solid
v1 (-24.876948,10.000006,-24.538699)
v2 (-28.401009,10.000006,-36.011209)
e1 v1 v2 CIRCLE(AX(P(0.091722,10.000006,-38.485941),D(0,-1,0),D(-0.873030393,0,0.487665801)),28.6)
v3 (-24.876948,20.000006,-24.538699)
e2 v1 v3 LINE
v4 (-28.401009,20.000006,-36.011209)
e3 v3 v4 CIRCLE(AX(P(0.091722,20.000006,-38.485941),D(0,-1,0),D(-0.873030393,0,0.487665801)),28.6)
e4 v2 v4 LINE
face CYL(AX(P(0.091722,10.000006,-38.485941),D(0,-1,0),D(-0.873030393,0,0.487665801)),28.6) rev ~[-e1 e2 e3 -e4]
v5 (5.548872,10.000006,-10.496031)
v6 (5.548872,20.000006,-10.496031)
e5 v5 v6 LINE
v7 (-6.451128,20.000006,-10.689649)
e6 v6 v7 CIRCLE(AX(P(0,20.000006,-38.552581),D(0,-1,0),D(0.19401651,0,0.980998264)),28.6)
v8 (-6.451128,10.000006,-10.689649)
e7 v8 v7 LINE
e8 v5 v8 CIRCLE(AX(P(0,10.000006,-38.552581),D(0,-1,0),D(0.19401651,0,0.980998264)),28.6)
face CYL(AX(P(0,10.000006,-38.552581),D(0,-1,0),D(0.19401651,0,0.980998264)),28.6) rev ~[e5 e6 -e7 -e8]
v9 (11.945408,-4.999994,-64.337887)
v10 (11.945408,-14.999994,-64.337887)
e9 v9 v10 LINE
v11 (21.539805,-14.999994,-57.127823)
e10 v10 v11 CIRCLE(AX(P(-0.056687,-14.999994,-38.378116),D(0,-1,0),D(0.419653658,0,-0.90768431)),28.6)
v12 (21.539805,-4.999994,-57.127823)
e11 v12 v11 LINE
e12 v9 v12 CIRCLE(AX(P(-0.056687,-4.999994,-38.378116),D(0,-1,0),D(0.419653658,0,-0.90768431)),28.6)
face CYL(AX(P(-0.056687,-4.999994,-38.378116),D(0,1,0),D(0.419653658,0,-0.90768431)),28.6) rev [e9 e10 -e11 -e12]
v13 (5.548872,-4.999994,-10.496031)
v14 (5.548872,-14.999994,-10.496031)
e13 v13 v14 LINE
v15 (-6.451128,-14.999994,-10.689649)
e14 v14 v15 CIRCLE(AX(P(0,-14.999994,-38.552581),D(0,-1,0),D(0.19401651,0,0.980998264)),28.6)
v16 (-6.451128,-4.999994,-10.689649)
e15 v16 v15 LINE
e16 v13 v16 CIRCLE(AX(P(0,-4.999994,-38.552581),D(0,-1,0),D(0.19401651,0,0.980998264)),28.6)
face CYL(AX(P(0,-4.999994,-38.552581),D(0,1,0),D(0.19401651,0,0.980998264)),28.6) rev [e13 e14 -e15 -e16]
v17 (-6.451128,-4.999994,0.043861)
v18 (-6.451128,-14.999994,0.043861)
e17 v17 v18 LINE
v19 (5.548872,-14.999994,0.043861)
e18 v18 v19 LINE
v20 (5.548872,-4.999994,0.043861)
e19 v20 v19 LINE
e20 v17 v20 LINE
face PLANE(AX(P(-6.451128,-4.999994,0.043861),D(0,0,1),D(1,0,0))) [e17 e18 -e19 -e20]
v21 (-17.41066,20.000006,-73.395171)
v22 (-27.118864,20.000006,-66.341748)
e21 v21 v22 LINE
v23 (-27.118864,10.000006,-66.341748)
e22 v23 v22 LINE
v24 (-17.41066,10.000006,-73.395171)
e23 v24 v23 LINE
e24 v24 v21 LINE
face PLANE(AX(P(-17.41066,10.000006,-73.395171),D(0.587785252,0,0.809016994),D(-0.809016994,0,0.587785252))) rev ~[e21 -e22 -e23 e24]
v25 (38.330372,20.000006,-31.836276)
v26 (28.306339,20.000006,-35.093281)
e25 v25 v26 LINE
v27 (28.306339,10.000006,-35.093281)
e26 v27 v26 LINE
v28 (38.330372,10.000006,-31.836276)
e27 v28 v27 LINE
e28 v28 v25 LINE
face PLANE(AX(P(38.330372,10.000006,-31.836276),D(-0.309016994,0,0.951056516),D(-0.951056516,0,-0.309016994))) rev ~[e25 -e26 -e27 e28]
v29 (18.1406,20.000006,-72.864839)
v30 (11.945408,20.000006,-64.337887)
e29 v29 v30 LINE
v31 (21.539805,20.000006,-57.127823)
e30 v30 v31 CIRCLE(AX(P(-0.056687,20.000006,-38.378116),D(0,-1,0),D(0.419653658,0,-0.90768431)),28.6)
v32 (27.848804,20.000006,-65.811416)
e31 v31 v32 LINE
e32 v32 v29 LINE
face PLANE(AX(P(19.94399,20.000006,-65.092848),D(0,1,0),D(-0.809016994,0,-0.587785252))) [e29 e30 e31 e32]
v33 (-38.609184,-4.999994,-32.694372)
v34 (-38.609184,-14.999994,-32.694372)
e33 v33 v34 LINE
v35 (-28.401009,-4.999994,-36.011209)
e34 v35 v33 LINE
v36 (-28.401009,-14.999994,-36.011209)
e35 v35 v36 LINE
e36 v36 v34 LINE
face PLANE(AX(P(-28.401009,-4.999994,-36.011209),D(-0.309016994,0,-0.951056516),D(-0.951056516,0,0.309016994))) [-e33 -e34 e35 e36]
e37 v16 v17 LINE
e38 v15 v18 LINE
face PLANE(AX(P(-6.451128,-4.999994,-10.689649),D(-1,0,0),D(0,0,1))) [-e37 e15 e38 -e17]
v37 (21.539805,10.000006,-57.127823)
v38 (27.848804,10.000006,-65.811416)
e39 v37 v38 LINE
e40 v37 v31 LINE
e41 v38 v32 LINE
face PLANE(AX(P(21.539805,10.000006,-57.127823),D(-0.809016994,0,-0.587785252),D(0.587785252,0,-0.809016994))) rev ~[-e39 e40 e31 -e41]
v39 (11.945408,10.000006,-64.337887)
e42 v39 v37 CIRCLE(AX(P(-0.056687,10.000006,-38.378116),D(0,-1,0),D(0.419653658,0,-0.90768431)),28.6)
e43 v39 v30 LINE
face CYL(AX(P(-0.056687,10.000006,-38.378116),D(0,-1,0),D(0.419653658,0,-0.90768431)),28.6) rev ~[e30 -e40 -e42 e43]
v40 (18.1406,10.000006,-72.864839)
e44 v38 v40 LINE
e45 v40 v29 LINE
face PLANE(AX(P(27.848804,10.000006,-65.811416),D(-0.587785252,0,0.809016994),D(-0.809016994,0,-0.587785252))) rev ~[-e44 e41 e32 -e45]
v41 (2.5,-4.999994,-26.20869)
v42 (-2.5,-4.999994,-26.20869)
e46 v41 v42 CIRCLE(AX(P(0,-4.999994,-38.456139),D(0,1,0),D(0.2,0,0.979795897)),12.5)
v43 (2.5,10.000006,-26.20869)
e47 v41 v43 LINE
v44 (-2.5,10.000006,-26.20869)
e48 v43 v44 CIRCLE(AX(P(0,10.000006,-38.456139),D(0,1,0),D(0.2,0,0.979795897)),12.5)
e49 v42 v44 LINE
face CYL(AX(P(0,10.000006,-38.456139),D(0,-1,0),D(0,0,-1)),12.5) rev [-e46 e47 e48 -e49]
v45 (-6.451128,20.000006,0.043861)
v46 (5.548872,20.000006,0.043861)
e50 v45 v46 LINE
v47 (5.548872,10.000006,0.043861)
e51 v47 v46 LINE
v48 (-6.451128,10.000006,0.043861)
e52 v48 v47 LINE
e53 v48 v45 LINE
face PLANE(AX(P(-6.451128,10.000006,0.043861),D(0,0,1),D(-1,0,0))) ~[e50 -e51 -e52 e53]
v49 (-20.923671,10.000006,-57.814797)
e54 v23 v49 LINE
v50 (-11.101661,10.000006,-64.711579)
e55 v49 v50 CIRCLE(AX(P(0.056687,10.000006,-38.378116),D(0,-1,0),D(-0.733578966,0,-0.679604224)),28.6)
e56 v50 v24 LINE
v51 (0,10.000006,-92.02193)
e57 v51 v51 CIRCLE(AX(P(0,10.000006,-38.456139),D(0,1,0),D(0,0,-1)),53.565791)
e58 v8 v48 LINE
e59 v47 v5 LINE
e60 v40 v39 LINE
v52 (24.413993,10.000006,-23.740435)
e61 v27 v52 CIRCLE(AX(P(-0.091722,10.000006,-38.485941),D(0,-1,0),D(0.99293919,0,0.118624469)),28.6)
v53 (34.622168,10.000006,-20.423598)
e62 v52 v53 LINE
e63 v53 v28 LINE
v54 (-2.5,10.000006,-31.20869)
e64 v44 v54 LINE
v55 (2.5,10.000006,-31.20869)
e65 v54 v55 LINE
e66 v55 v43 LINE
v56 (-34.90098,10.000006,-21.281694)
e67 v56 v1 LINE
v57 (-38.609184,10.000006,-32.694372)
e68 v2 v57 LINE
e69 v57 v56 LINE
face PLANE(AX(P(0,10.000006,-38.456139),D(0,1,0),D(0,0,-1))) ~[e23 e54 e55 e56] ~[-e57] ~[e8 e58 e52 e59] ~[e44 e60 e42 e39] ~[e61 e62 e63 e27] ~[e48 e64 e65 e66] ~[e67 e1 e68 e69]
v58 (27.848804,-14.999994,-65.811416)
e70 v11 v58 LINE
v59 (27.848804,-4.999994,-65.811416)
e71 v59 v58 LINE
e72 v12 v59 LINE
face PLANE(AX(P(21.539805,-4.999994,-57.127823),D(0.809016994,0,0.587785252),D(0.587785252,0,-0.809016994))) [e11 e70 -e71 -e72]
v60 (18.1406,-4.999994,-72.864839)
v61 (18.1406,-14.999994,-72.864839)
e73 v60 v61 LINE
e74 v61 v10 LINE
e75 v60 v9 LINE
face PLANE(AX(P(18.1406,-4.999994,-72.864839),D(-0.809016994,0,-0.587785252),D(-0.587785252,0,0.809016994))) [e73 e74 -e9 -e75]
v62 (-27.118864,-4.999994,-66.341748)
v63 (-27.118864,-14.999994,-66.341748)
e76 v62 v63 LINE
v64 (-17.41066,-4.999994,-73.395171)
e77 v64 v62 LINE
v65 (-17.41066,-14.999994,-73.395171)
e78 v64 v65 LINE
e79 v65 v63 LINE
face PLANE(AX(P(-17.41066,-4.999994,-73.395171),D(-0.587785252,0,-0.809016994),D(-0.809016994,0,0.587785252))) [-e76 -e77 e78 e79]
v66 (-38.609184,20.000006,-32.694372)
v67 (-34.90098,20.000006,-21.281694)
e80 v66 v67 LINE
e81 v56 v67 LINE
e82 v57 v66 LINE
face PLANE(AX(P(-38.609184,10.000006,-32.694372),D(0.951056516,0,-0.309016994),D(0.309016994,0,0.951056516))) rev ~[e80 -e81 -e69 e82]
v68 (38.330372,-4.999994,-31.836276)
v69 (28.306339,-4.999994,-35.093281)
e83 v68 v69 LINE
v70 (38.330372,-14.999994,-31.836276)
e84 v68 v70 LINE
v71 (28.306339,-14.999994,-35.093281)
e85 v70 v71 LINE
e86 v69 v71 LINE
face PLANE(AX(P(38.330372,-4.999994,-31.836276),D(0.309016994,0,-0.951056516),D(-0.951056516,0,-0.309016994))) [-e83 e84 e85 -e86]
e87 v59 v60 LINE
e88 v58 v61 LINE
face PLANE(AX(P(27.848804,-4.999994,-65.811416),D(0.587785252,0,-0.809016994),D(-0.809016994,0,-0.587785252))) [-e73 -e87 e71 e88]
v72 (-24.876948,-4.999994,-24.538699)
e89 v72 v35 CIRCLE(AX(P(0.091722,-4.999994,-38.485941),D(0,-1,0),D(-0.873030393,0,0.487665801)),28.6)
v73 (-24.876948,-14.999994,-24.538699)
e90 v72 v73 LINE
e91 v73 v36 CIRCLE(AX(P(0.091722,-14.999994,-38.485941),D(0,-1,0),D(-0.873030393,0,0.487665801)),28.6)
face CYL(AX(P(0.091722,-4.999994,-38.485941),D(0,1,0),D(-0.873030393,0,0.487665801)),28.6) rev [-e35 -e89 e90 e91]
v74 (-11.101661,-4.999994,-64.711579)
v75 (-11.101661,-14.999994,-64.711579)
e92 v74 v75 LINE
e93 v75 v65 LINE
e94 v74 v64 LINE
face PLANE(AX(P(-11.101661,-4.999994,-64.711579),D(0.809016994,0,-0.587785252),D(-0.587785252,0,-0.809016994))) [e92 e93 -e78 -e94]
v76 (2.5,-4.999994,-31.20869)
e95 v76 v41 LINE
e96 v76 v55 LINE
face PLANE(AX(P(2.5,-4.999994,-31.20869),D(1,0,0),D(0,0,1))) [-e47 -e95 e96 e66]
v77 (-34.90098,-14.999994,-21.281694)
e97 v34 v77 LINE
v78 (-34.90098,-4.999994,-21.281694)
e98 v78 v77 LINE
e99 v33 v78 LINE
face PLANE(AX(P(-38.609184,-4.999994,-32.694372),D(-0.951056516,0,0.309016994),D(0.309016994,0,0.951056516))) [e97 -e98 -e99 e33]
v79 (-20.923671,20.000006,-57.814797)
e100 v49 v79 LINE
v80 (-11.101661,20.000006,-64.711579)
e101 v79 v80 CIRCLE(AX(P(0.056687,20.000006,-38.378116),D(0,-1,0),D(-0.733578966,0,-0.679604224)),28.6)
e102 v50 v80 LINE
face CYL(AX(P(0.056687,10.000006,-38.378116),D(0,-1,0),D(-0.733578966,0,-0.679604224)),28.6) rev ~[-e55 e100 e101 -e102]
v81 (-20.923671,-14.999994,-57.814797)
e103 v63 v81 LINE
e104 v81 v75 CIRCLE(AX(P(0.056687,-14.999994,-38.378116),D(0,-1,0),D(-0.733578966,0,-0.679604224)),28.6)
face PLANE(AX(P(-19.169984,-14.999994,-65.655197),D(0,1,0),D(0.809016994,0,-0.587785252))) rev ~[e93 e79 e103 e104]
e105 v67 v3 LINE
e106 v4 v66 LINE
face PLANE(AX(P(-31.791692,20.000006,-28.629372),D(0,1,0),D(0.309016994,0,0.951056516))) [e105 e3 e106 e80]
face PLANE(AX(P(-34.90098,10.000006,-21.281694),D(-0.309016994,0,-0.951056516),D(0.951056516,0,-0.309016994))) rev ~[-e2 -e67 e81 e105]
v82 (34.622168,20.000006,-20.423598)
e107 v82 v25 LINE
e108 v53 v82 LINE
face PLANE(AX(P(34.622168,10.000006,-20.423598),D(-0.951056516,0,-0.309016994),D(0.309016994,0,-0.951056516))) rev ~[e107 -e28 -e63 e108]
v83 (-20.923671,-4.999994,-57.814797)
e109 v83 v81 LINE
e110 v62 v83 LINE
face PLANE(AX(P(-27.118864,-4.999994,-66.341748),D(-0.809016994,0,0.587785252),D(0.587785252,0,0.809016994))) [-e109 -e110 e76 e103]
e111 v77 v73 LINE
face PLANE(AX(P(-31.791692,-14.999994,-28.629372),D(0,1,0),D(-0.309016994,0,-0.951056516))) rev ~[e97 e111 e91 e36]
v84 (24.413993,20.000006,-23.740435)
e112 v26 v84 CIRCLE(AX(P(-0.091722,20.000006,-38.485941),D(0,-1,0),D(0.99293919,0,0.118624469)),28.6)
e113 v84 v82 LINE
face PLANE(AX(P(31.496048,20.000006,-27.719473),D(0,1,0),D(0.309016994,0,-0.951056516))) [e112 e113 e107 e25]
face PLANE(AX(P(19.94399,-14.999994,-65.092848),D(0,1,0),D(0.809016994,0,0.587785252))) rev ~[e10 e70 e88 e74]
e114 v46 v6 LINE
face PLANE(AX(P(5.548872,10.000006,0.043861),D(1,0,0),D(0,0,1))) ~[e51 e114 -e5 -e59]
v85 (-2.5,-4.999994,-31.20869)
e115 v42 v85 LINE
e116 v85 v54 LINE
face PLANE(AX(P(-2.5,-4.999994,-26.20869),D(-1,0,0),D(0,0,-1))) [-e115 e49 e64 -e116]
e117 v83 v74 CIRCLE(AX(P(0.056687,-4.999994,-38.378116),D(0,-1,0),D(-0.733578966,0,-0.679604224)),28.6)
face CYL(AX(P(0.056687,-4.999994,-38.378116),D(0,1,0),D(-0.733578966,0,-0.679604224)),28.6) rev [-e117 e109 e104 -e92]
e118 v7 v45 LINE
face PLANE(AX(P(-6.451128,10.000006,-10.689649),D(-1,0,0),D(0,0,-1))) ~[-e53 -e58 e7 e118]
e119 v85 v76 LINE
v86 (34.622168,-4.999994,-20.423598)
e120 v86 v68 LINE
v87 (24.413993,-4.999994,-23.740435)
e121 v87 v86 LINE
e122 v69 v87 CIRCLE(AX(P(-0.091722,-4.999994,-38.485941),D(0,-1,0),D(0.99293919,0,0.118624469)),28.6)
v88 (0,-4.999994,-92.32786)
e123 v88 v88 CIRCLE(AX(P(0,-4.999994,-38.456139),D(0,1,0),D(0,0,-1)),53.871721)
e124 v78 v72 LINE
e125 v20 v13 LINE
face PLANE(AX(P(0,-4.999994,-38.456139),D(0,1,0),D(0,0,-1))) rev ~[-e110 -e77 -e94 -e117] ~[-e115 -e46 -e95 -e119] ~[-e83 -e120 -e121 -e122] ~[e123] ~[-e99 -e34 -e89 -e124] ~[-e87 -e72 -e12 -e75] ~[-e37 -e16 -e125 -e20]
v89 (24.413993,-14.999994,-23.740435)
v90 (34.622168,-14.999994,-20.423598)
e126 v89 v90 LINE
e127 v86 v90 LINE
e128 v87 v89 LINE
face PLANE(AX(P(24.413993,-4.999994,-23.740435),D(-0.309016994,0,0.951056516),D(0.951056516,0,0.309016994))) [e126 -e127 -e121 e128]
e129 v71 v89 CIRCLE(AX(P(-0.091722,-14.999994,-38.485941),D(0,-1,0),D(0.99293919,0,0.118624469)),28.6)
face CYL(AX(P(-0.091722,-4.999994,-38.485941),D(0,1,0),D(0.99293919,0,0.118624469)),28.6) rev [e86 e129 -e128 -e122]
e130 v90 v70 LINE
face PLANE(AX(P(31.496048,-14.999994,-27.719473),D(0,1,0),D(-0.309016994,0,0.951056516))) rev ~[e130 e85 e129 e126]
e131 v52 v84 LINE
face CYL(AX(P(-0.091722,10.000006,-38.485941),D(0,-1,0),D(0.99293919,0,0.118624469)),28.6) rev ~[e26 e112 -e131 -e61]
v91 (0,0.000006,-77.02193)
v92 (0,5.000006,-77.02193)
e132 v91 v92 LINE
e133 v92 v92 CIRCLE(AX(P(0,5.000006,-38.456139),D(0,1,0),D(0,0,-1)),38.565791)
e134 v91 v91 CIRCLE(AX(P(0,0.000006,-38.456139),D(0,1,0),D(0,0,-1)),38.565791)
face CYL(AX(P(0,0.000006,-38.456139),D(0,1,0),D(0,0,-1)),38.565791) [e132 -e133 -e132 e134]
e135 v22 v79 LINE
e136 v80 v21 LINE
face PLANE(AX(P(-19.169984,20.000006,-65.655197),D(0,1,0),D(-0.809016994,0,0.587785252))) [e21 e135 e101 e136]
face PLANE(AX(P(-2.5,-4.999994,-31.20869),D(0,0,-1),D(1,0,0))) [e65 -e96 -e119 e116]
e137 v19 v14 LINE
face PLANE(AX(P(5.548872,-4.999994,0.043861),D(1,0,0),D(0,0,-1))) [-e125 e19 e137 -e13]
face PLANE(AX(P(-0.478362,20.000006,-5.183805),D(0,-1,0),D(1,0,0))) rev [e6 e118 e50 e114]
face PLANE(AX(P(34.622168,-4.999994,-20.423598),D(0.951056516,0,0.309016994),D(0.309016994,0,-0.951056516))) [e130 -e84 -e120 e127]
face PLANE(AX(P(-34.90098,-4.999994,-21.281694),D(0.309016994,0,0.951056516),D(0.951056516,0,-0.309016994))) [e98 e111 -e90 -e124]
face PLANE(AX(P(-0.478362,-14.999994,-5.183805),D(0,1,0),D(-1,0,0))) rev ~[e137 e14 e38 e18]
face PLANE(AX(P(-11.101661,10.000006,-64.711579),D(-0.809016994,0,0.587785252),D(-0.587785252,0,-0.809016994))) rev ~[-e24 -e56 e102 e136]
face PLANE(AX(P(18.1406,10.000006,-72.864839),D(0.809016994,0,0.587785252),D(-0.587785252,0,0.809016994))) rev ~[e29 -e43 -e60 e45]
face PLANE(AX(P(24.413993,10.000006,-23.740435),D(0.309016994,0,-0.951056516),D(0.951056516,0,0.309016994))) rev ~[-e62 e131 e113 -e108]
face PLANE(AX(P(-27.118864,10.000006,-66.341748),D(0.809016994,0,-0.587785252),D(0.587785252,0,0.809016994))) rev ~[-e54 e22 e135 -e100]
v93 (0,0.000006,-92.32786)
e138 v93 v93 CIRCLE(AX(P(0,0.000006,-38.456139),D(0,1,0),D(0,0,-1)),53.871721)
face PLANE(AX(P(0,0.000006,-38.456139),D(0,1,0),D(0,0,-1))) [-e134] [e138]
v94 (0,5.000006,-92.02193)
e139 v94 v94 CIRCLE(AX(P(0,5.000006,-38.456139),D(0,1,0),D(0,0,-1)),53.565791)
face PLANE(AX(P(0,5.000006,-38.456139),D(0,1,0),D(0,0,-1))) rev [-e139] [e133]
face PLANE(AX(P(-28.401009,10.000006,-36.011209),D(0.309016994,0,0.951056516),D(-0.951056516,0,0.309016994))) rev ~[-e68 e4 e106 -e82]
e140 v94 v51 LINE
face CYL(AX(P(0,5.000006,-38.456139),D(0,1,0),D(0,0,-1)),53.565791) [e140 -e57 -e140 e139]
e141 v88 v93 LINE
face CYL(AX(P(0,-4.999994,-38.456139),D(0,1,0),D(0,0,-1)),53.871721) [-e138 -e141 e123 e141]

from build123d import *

# Parameters (mm, degrees)
BOSS_EXTRUDE1_START  = -15
BOSS_EXTRUDE1_DEPTH  = 15
BOSS_EXTRUDE2_DEPTH  = 10
CIRPATTERN1_COUNT    = 5
MIRROR3_COPY_1_DEPTH = 10
MIRROR3_COPY_2_DEPTH = 10
MIRROR3_COPY_3_DEPTH = 10
MIRROR3_COPY_4_DEPTH = 10


with BuildPart() as part:
    # Sketch1 → Revolve1 (revolve)
    with BuildSketch(Plane.YZ, mode=Mode.PRIVATE) as revolve1_sk:
        Polygon((-4.999994159, -22.251027603), (-4.999994159, 15.415581909), (5.841e-06, 15.415581909), (5.841e-06, 0.109652172), (5.000005841, 0.109652172), (5.000005841, 15.109652172), (10.000005841, 15.109652172), (10.000005841, 0.109652172), (10.000005841, -25.956139131), (-4.999994159, -25.956139131), align=None)
    revolve(revolve1_sk.sketch.rotate(Axis((0, -19.999999988, -38.456139131), (0, 1, 0)), 180), axis=Axis((0, -19.999999988, -38.456139131), (0, 1, 0)))

    # Sketch2 → Boss-Extrude1 (add)
    with BuildSketch(Plane(origin=(0, 10.000005841, 0), x_dir=(1, 0, 0), z_dir=(0, 1, 0)).offset(BOSS_EXTRUDE1_START)):
        with BuildLine():
            Line((-2.5, 31.208690417), (2.5, 31.208690417))
            Line((2.5, 31.208690417), (2.5, 26.208690417))
            ThreePointArc((2.5, 26.208690417), (0, 25.956139131), (-2.5, 26.208690417))
            Line((-2.5, 26.208690417), (-2.5, 31.208690417))
        make_face()
    extrude(amount=BOSS_EXTRUDE1_DEPTH)

    # Sketch3 → Boss-Extrude2 (add)
    with BuildSketch(Plane.XZ.offset(4.999994159)):
        with BuildLine():
            Line((-6.45112782, 0.043860869), (5.54887218, 0.043860869))
            Line((5.54887218, 0.043860869), (5.54887218, -10.496030583))
            ThreePointArc((5.54887218, -10.496030583), (-0.461398285, -9.956302999), (-6.45112782, -10.689649467))
            Line((-6.45112782, -10.689649467), (-6.45112782, 0.043860869))
        make_face()
    boss_extrude2 = extrude(amount=BOSS_EXTRUDE2_DEPTH)

    # CirPattern1: Boss-Extrude2 ×5 about axis
    cirpattern1_axis = Axis((0, 0, -38.456139131), (0, 1, 0))
    for i in range(1, CIRPATTERN1_COUNT):
        add(boss_extrude2.rotate(cirpattern1_axis, i * 360 / CIRPATTERN1_COUNT))

    # Mirror3: Boss-Extrude2 across plane
    add(boss_extrude2.mirror(Plane(origin=(0, 2.500005841, 0), x_dir=(0, 0, 1), z_dir=(0, -1, 0))))

    # Mirror3 copy 1 sketch → Mirror3 copy 1 (add)
    with BuildSketch(Plane(origin=(36.573961712, 10.000005841, -26.572538602), x_dir=(0.30901699437494745, 4.31570827698209e-15, -0.9510565162951535), z_dir=(0, 1, 0))):
        with BuildLine():
            Line((-6.45112782, -0.043860869), (5.54887218, -0.043860869))
            Line((5.54887218, -0.043860869), (5.54887218, 10.496030583))
            ThreePointArc((5.54887218, 10.496030583), (-0.461398285, 9.956302999), (-6.45112782, 10.689649467))
            Line((-6.45112782, 10.689649467), (-6.45112782, -0.043860869))
        make_face()
    extrude(amount=MIRROR3_COPY_1_DEPTH)

    # Mirror3 copy 2 sketch → Mirror3 copy 2 (add)
    with BuildSketch(Plane(origin=(22.603951441, 10.000005841, -69.567809226), x_dir=(-0.8090169943749473, -1.1298670954668355e-14, -0.5877852522924732), z_dir=(0, 1, 0))):
        with BuildLine():
            Line((-6.45112782, -0.043860869), (5.54887218, -0.043860869))
            Line((5.54887218, -0.043860869), (5.54887218, 10.496030583))
            ThreePointArc((5.54887218, 10.496030583), (-0.461398285, 9.956302999), (-6.45112782, 10.689649467))
            Line((-6.45112782, 10.689649467), (-6.45112782, -0.043860869))
        make_face()
    extrude(amount=MIRROR3_COPY_2_DEPTH)

    # Mirror3 copy 3 sketch → Mirror3 copy 3 (add)
    with BuildSketch(Plane(origin=(-22.603951441, 10.000005841, -69.567809226), x_dir=(-0.8090169943749476, -1.1298670954668358e-14, 0.587785252292473), z_dir=(0, 1, 0))):
        with BuildLine():
            Line((-6.45112782, -0.043860869), (5.54887218, -0.043860869))
            Line((5.54887218, -0.043860869), (5.54887218, 10.496030583))
            ThreePointArc((5.54887218, 10.496030583), (-0.461398285, 9.956302999), (-6.45112782, 10.689649467))
            Line((-6.45112782, 10.689649467), (-6.45112782, -0.043860869))
        make_face()
    extrude(amount=MIRROR3_COPY_3_DEPTH)

    # Mirror3 copy 4 sketch → Mirror3 copy 4 (add)
    with BuildSketch(Plane(origin=(-36.573961712, 10.000005841, -26.572538602), x_dir=(0.30901699437494723, 4.315708276982087e-15, 0.9510565162951536), z_dir=(0, 1, 0))):
        with BuildLine():
            Line((-6.45112782, -0.043860869), (5.54887218, -0.043860869))
            Line((5.54887218, -0.043860869), (5.54887218, 10.496030583))
            ThreePointArc((5.54887218, 10.496030583), (-0.461398285, 9.956302999), (-6.45112782, 10.689649467))
            Line((-6.45112782, 10.689649467), (-6.45112782, -0.043860869))
        make_face()
    extrude(amount=MIRROR3_COPY_4_DEPTH)


solid = part.part
